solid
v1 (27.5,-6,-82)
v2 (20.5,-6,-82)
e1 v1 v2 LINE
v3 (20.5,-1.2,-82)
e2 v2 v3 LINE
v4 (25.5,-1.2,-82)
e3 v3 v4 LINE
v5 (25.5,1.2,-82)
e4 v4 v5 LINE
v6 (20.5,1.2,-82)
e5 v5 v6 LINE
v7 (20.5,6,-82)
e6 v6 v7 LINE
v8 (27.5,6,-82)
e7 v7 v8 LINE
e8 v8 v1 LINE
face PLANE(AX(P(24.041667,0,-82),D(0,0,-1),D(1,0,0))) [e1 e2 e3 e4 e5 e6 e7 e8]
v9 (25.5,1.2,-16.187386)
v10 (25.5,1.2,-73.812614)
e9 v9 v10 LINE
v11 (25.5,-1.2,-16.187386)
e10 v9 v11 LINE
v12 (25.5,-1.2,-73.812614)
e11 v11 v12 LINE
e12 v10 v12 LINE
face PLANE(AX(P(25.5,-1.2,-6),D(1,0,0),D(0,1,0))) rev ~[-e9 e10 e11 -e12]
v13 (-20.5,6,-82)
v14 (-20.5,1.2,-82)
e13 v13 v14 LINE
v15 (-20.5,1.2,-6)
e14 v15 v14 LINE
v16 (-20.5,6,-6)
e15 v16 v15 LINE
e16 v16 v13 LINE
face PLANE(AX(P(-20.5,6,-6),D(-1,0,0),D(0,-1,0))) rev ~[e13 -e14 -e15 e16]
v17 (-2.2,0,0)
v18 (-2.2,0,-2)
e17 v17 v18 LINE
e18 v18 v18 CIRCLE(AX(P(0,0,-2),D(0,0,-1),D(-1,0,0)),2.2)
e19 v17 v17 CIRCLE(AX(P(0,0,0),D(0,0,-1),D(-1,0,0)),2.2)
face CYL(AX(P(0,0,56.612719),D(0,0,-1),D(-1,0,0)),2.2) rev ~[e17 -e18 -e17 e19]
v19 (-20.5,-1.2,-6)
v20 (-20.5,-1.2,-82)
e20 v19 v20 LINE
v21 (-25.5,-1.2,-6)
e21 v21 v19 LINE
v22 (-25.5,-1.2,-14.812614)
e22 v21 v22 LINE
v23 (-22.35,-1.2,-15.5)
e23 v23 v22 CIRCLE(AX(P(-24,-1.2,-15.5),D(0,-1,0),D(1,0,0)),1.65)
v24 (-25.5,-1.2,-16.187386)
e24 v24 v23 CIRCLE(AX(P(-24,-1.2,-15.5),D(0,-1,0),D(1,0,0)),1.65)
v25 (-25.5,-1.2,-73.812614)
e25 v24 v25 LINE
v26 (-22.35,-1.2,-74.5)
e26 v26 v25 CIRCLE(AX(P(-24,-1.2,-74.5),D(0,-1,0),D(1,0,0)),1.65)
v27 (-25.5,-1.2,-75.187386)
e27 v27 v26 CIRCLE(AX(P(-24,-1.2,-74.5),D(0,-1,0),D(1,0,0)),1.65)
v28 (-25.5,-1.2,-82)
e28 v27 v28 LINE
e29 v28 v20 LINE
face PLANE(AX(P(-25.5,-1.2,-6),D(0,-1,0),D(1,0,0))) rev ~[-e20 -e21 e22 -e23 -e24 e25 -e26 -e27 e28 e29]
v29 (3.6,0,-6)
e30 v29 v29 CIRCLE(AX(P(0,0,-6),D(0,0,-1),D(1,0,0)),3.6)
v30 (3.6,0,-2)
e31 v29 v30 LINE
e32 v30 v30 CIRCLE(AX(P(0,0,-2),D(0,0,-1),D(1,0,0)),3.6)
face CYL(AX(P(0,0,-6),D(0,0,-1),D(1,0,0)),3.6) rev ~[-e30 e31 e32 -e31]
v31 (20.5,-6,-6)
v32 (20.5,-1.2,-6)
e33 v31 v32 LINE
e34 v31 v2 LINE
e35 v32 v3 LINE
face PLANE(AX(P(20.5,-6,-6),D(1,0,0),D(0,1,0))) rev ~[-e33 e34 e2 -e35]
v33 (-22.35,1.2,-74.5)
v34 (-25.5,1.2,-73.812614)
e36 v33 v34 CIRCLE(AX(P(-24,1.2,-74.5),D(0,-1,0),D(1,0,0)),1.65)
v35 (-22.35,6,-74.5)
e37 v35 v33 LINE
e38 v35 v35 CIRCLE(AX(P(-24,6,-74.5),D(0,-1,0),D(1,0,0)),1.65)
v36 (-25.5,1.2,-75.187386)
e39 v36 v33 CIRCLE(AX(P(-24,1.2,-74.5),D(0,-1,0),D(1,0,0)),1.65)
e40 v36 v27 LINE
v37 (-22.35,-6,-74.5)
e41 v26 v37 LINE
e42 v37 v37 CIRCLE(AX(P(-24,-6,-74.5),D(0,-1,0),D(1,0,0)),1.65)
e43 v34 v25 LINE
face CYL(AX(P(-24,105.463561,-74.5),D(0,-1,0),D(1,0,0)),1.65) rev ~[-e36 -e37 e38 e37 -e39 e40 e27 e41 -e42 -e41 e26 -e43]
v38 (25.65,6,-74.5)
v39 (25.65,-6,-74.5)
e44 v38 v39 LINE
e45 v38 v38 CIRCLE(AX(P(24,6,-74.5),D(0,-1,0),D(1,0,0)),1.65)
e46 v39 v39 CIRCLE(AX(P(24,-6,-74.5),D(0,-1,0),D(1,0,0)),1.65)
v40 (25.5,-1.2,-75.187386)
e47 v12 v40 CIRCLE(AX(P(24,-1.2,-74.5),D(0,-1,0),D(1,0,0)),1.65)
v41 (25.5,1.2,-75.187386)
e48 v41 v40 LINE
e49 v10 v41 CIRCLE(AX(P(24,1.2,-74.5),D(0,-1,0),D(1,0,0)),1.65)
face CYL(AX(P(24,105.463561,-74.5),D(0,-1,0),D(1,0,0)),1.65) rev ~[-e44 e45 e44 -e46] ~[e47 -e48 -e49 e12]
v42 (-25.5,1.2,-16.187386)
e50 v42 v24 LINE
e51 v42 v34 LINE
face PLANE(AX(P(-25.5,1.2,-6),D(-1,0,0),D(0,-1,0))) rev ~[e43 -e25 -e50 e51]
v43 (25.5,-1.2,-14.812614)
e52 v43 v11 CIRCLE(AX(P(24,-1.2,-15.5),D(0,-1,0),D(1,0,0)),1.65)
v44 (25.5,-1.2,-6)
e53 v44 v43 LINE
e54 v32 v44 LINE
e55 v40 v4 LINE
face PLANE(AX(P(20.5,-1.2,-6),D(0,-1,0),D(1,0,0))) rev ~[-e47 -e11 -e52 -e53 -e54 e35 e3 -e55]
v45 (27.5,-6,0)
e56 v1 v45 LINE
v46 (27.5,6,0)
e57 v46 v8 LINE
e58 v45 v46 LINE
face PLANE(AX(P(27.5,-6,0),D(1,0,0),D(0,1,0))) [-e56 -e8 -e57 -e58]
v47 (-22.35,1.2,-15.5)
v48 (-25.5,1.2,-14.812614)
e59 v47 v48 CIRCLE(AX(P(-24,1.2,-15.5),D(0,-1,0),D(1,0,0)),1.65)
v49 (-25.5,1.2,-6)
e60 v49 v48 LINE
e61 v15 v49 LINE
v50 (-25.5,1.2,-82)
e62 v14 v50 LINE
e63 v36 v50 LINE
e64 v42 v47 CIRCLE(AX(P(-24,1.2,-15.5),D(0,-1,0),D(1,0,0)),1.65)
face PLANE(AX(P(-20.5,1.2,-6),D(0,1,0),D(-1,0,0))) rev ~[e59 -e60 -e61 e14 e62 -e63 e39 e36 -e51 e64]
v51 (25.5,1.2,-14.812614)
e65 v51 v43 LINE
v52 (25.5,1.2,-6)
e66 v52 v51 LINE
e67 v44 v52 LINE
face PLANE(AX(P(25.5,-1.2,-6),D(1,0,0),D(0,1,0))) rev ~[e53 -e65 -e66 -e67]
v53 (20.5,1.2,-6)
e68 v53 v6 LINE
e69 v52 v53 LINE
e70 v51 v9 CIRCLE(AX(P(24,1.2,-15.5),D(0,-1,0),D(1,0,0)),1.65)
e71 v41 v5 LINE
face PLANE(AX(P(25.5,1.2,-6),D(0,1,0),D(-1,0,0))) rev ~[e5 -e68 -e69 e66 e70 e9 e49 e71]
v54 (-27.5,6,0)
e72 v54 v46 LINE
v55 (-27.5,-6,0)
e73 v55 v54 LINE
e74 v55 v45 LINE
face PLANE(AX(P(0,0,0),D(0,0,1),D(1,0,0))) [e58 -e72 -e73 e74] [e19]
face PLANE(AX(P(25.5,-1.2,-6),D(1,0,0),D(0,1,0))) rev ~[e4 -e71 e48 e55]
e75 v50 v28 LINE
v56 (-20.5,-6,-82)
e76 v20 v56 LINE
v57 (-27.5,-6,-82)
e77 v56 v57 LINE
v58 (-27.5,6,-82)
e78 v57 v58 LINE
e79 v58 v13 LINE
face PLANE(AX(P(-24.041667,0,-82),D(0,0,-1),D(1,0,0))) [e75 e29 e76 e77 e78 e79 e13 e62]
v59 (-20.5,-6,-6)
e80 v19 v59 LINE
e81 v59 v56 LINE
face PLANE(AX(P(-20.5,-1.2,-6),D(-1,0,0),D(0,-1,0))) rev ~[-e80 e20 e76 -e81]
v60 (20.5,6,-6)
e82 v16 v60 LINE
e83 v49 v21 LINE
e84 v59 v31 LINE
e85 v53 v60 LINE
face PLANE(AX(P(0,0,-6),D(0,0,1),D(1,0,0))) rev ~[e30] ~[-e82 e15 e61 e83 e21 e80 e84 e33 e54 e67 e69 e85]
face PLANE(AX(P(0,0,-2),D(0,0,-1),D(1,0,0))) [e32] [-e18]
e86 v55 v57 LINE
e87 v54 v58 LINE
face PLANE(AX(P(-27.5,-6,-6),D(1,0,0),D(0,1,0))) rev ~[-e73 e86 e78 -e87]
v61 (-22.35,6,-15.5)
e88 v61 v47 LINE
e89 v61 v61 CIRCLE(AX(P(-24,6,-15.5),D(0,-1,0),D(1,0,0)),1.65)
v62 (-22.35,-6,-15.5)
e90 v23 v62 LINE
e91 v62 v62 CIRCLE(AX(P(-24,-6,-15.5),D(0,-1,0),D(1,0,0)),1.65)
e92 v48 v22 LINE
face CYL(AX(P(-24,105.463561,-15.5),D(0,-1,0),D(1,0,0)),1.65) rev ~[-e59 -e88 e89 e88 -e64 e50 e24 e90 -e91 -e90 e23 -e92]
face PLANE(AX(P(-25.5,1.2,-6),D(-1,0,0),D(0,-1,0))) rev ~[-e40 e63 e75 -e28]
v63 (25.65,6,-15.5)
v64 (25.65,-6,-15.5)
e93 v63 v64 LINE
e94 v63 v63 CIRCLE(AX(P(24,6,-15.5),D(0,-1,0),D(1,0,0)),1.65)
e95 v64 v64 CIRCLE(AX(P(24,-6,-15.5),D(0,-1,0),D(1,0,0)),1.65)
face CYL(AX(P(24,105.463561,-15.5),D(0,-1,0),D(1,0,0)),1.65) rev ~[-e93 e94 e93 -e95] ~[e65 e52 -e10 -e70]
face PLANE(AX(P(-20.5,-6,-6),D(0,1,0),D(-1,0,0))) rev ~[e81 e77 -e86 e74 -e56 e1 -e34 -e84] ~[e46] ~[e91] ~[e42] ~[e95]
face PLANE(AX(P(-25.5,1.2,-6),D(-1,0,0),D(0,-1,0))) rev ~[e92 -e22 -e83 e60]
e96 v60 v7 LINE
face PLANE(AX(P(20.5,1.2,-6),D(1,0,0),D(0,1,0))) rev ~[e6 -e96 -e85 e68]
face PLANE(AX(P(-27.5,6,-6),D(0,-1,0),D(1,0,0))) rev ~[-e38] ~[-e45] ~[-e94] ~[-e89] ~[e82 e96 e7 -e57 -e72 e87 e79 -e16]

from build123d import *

# Parameters (mm, degrees)
F0_W      = 55
F0_H      = 12
F1_DEPTH  = 6
F2_D      = 4.4
F4_DEPTH  = 76
F6_D      = 3.3
F7_D      = 3.3
F8_D      = 3.3
F9_D      = 3.3
F10_R     = 3.6
F10_R_2   = 2.2
F11_DEPTH = 4


with BuildPart() as f1:
    # F0 (on Top) → F1 (new body)
    with BuildSketch(Plane.XY):
        Rectangle(F0_W, F0_H)
    extrude(amount=-F1_DEPTH)

    # F2 (through all)
    with Locations(Plane.XY):
        with Locations((0, 0)):
            Hole(F2_D / 2)

    # F3 (on face) → F4 (join)
    with BuildSketch(Plane(origin=(0, 0, -6), x_dir=(1, 0, 0), z_dir=(0, 0, -1))):
        Polygon((-20.5, 6), (-27.5, 6), (-27.5, -6), (-20.5, -6), (-20.5, -1.2), (-25.5, -1.2), (-25.5, 1.2), (-20.5, 1.2), align=None)
        Polygon((27.5, 6), (20.5, 6), (20.5, 1.2), (25.5, 1.2), (25.5, -1.2), (20.5, -1.2), (20.5, -6), (27.5, -6), align=None)
    extrude(amount=F4_DEPTH)

    # F6 (through all)
    with Locations(Plane(origin=(0, 6, 0), x_dir=(-1, 0, 0), z_dir=(0, 1, 0))):
        with Locations((24, -74.5)):
            Hole(F6_D / 2)

    # F7 (through all)
    with Locations(Plane(origin=(0, 6, 0), x_dir=(-1, 0, 0), z_dir=(0, 1, 0))):
        with Locations((-24, -74.5)):
            Hole(F7_D / 2)

    # F8 (through all)
    with Locations(Plane(origin=(0, 6, 0), x_dir=(-1, 0, 0), z_dir=(0, 1, 0))):
        with Locations((24, -15.5)):
            Hole(F8_D / 2)

    # F9 (through all)
    with Locations(Plane(origin=(0, 6, 0), x_dir=(-1, 0, 0), z_dir=(0, 1, 0))):
        with Locations((-24, -15.5)):
            Hole(F9_D / 2)

    # F10 (on face) → F11 (cut)
    with BuildSketch(Plane(origin=(0, 0, -6), x_dir=(1, 0, 0), z_dir=(0, 0, -1))):
        Circle(F10_R)
        Circle(F10_R_2, mode=Mode.SUBTRACT)
    extrude(amount=-F11_DEPTH, mode=Mode.SUBTRACT)


solid = f1.part
